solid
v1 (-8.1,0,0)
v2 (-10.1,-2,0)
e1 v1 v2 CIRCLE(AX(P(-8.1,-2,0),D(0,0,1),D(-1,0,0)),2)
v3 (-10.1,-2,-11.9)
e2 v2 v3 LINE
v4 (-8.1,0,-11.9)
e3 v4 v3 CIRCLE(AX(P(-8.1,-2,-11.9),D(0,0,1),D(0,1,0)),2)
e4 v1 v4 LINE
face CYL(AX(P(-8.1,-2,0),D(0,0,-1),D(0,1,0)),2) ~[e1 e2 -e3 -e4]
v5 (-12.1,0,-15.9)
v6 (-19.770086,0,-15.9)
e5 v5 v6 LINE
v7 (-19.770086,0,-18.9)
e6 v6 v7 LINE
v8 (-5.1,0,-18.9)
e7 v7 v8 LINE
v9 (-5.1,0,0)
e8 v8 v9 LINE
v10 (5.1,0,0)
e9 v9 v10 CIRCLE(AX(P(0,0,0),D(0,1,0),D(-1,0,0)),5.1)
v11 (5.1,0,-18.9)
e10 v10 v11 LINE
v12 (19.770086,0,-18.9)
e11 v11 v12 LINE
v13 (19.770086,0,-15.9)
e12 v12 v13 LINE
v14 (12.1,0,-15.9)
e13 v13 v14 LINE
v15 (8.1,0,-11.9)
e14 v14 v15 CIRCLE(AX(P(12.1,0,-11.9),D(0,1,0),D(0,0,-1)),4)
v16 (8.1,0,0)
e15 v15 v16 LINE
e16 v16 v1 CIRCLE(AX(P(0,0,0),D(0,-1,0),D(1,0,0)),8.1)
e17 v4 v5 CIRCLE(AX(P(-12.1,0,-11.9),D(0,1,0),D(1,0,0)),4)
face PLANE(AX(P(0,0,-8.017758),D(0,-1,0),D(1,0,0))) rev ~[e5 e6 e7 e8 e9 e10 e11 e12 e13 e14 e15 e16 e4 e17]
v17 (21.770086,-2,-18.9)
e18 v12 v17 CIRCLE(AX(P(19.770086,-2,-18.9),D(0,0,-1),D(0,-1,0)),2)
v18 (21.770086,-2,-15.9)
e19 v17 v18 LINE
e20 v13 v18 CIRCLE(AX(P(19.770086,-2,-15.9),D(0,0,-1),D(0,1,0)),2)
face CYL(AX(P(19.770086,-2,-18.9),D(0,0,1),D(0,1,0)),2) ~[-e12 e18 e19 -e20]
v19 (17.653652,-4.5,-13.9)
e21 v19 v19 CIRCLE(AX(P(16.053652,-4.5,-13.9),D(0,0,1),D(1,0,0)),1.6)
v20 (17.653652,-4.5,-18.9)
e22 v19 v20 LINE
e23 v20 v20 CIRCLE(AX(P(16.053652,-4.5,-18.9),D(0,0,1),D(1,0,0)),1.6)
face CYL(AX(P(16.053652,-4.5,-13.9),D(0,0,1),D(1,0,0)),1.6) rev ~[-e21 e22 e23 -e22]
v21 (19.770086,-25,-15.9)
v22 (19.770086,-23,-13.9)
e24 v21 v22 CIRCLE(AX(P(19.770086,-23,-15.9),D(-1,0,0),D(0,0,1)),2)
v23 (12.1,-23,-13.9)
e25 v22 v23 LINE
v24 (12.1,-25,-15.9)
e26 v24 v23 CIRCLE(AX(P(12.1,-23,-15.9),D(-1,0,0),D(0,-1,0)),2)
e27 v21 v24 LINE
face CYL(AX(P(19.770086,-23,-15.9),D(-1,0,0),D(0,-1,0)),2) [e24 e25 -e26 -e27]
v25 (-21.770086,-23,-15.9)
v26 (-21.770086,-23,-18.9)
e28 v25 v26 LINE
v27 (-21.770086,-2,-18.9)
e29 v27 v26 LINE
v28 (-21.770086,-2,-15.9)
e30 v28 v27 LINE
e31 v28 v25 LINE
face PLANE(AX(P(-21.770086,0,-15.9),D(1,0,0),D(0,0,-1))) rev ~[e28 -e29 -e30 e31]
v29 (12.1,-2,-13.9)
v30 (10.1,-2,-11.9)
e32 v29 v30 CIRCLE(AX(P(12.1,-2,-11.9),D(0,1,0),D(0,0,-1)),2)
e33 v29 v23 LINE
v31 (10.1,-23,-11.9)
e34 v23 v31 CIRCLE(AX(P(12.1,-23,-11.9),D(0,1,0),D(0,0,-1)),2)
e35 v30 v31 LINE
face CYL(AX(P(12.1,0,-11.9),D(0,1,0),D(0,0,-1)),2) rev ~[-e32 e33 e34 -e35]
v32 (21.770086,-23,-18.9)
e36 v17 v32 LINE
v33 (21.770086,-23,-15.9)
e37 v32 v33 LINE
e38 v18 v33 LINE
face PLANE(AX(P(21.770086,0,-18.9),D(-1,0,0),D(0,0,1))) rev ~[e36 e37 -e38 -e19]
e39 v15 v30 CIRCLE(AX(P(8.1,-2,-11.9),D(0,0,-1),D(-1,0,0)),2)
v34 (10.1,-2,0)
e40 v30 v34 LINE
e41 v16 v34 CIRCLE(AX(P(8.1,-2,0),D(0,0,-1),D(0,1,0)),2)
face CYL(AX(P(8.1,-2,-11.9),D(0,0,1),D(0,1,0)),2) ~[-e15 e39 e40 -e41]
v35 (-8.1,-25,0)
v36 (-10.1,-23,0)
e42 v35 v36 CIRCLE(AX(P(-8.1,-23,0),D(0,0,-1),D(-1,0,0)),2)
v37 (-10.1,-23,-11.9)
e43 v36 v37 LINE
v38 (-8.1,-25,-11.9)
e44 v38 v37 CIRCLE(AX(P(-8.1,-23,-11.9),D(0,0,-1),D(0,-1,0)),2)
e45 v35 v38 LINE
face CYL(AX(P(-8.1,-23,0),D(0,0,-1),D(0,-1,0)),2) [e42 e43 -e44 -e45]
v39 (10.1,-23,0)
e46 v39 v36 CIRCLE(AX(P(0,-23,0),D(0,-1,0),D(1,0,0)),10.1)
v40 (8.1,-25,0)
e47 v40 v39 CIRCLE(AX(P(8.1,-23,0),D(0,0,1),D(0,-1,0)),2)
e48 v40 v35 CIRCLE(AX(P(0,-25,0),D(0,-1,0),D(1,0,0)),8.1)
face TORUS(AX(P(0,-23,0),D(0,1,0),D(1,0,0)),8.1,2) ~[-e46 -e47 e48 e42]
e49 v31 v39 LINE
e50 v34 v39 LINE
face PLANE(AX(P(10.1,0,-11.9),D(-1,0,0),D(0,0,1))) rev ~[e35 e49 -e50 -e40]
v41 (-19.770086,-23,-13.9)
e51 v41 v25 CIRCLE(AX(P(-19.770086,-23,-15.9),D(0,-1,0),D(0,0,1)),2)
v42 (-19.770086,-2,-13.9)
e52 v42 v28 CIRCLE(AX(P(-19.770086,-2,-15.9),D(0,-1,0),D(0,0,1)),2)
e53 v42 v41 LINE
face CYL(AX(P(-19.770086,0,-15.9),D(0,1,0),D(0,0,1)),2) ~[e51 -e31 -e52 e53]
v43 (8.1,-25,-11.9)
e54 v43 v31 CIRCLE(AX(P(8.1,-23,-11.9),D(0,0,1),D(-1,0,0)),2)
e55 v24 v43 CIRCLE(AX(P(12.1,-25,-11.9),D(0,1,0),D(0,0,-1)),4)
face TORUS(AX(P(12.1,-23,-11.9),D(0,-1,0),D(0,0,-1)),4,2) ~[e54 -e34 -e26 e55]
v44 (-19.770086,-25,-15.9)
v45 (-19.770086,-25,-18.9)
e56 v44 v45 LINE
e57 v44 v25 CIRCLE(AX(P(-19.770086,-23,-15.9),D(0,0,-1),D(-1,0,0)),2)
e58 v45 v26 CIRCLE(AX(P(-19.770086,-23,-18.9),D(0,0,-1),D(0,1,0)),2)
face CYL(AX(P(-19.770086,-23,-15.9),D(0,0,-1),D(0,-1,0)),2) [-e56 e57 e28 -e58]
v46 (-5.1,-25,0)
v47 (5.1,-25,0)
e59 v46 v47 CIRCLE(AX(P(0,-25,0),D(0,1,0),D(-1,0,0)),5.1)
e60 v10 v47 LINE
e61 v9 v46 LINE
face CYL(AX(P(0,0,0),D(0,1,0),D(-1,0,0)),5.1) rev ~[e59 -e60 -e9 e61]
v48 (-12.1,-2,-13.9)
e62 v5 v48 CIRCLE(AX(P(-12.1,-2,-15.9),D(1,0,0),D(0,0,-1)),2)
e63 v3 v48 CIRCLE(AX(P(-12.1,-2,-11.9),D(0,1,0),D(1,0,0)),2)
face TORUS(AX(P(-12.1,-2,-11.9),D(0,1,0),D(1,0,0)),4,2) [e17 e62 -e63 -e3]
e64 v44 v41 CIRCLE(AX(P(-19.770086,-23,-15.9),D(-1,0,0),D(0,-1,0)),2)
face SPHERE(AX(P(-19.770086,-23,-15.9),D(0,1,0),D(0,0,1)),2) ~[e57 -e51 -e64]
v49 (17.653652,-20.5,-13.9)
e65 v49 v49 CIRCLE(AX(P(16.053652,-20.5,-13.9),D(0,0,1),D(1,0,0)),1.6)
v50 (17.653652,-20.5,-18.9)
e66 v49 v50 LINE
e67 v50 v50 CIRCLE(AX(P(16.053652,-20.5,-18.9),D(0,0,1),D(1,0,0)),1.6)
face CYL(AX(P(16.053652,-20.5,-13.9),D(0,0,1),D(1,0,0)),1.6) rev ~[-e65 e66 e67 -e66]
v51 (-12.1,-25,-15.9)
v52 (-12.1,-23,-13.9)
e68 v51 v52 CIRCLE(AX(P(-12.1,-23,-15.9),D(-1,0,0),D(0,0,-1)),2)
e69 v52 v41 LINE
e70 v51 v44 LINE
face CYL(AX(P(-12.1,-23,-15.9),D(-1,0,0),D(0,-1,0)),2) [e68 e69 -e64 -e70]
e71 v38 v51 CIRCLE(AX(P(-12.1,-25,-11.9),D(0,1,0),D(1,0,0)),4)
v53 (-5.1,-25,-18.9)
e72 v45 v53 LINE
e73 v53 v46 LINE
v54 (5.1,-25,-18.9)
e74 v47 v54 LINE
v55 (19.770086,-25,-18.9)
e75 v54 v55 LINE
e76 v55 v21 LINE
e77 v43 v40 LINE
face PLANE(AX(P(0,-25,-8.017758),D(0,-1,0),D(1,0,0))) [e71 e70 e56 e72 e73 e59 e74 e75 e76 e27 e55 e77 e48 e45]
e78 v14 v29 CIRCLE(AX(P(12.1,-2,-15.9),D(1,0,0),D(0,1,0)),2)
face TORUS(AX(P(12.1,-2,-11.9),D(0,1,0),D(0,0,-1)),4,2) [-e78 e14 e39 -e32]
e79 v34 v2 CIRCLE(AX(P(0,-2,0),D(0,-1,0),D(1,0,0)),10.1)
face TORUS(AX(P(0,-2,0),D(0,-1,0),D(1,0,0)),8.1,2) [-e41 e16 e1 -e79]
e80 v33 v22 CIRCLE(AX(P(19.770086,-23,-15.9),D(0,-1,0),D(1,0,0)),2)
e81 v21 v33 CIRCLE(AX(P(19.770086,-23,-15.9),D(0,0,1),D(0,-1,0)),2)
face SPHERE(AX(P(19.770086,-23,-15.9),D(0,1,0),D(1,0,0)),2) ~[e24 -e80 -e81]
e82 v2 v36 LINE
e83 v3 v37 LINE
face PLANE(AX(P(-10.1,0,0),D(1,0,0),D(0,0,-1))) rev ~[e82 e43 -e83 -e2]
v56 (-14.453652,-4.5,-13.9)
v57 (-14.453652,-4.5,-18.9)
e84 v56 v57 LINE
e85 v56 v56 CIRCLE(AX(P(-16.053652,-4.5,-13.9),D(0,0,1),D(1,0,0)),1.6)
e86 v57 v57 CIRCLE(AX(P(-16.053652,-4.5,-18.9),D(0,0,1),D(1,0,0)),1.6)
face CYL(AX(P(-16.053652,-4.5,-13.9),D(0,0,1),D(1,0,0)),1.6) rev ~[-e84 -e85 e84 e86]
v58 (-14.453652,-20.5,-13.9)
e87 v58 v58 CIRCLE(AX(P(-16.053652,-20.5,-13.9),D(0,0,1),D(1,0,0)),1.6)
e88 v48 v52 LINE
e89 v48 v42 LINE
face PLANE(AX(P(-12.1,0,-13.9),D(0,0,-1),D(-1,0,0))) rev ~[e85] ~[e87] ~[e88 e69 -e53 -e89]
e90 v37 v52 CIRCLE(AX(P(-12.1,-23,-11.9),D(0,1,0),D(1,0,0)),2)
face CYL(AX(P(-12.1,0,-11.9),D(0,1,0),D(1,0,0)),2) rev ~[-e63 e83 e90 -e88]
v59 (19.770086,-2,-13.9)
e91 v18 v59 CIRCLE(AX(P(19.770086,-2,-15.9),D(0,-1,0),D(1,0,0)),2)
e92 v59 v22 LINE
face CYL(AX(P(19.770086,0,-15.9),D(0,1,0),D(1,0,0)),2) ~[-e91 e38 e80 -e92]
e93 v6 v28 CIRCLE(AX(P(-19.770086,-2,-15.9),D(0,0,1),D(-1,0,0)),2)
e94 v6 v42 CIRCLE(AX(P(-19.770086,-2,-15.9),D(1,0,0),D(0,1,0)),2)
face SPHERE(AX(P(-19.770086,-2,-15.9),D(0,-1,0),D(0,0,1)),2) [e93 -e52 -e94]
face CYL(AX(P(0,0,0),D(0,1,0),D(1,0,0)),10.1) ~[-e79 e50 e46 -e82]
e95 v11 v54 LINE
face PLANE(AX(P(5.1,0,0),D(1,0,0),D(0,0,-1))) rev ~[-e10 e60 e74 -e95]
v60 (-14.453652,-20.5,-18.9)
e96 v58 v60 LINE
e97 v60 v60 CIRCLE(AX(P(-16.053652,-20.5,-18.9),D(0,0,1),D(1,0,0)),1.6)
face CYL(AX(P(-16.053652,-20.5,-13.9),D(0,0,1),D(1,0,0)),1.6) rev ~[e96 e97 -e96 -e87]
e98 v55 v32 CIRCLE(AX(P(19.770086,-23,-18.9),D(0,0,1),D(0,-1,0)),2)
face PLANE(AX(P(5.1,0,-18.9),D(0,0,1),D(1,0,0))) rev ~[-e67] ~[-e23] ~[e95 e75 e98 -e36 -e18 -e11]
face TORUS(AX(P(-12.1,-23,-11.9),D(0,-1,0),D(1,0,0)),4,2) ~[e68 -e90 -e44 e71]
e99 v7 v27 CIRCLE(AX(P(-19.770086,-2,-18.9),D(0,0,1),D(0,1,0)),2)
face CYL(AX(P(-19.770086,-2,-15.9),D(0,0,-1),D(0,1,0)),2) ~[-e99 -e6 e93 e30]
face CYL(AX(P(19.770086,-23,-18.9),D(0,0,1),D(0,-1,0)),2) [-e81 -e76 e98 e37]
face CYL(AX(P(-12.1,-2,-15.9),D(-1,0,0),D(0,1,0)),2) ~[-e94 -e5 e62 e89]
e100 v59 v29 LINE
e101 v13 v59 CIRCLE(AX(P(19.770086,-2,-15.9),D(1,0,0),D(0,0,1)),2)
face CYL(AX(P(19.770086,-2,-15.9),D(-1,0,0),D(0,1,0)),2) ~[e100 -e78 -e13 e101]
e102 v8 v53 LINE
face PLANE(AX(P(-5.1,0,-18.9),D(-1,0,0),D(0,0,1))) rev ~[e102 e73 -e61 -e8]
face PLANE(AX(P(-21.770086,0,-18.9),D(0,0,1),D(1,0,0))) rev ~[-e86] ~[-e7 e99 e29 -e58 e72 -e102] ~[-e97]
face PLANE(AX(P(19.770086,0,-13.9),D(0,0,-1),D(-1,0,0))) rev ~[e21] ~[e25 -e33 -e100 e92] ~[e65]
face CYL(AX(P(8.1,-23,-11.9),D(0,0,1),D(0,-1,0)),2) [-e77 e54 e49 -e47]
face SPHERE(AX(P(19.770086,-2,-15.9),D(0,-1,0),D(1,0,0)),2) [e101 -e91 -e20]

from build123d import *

# Parameters (mm, degrees)
F1_DEPTH = 25
F2_R     = 1.6
F3_DEPTH = 25
F4_R     = 2


with BuildPart() as f1:
    # F0 (on Front) → F1 (new body)
    with BuildSketch(Plane.XZ):
        with BuildLine():
            ThreePointArc((-5.1, 0), (0, 5.1), (5.1, 0))
            Line((5.1, 0), (5.1, -13.9))
            Line((5.1, -13.9), (5.1, -18.9))
            Line((5.1, -18.9), (21.7700861394, -18.9))
            Line((21.7700861394, -18.9), (21.7700861394, -15.9))
            ThreePointArc((21.7700861394, -15.9), (21.1842997018, -14.4857864376), (19.7700861394, -13.9))
            Line((19.7700861394, -13.9), (12.1, -13.9))
            ThreePointArc((12.1, -13.9), (10.6857864376, -13.3142135624), (10.1, -11.9))
            Line((10.1, -11.9), (10.1, 0))
            ThreePointArc((10.1, 0), (0, 10.1), (-10.1, 0))
            Line((-10.1, 0), (-10.1, -11.9))
            ThreePointArc((-10.1, -11.9), (-10.6857864376, -13.3142135624), (-12.1, -13.9))
            Line((-12.1, -13.9), (-19.7700861394, -13.9))
            ThreePointArc((-19.7700861394, -13.9), (-21.1842997018, -14.4857864376), (-21.7700861394, -15.9))
            Line((-21.7700861394, -15.9), (-21.7700861394, -18.9))
            Line((-21.7700861394, -18.9), (-5.1, -18.9))
            Line((-5.1, -18.9), (-5.1, -13.9))
            Line((-5.1, -13.9), (-5.1, 0))
        make_face()
    extrude(amount=F1_DEPTH)

    # F2 (on face) → F3 (cut)
    with BuildSketch(Plane.XY.offset(-13.9)):
        with Locations((16.0536523908, -20.5)):
            Circle(F2_R)
        with Locations((16.0536523908, -4.5)):
            Circle(F2_R)
        with Locations((-16.0536523908, -4.5)):
            Circle(F2_R)
        with Locations((-16.0536523908, -20.5)):
            Circle(F2_R)
    extrude(amount=-F3_DEPTH, mode=Mode.SUBTRACT)

    # F4
    f4_edges = [f1.edges().sort_by_distance(p)[0] for p in [
        (-10.1, -25, -5.95),
        (-10.1, 0, -5.95),
    ]]
    fillet(f4_edges, radius=F4_R)


solid = f1.part
